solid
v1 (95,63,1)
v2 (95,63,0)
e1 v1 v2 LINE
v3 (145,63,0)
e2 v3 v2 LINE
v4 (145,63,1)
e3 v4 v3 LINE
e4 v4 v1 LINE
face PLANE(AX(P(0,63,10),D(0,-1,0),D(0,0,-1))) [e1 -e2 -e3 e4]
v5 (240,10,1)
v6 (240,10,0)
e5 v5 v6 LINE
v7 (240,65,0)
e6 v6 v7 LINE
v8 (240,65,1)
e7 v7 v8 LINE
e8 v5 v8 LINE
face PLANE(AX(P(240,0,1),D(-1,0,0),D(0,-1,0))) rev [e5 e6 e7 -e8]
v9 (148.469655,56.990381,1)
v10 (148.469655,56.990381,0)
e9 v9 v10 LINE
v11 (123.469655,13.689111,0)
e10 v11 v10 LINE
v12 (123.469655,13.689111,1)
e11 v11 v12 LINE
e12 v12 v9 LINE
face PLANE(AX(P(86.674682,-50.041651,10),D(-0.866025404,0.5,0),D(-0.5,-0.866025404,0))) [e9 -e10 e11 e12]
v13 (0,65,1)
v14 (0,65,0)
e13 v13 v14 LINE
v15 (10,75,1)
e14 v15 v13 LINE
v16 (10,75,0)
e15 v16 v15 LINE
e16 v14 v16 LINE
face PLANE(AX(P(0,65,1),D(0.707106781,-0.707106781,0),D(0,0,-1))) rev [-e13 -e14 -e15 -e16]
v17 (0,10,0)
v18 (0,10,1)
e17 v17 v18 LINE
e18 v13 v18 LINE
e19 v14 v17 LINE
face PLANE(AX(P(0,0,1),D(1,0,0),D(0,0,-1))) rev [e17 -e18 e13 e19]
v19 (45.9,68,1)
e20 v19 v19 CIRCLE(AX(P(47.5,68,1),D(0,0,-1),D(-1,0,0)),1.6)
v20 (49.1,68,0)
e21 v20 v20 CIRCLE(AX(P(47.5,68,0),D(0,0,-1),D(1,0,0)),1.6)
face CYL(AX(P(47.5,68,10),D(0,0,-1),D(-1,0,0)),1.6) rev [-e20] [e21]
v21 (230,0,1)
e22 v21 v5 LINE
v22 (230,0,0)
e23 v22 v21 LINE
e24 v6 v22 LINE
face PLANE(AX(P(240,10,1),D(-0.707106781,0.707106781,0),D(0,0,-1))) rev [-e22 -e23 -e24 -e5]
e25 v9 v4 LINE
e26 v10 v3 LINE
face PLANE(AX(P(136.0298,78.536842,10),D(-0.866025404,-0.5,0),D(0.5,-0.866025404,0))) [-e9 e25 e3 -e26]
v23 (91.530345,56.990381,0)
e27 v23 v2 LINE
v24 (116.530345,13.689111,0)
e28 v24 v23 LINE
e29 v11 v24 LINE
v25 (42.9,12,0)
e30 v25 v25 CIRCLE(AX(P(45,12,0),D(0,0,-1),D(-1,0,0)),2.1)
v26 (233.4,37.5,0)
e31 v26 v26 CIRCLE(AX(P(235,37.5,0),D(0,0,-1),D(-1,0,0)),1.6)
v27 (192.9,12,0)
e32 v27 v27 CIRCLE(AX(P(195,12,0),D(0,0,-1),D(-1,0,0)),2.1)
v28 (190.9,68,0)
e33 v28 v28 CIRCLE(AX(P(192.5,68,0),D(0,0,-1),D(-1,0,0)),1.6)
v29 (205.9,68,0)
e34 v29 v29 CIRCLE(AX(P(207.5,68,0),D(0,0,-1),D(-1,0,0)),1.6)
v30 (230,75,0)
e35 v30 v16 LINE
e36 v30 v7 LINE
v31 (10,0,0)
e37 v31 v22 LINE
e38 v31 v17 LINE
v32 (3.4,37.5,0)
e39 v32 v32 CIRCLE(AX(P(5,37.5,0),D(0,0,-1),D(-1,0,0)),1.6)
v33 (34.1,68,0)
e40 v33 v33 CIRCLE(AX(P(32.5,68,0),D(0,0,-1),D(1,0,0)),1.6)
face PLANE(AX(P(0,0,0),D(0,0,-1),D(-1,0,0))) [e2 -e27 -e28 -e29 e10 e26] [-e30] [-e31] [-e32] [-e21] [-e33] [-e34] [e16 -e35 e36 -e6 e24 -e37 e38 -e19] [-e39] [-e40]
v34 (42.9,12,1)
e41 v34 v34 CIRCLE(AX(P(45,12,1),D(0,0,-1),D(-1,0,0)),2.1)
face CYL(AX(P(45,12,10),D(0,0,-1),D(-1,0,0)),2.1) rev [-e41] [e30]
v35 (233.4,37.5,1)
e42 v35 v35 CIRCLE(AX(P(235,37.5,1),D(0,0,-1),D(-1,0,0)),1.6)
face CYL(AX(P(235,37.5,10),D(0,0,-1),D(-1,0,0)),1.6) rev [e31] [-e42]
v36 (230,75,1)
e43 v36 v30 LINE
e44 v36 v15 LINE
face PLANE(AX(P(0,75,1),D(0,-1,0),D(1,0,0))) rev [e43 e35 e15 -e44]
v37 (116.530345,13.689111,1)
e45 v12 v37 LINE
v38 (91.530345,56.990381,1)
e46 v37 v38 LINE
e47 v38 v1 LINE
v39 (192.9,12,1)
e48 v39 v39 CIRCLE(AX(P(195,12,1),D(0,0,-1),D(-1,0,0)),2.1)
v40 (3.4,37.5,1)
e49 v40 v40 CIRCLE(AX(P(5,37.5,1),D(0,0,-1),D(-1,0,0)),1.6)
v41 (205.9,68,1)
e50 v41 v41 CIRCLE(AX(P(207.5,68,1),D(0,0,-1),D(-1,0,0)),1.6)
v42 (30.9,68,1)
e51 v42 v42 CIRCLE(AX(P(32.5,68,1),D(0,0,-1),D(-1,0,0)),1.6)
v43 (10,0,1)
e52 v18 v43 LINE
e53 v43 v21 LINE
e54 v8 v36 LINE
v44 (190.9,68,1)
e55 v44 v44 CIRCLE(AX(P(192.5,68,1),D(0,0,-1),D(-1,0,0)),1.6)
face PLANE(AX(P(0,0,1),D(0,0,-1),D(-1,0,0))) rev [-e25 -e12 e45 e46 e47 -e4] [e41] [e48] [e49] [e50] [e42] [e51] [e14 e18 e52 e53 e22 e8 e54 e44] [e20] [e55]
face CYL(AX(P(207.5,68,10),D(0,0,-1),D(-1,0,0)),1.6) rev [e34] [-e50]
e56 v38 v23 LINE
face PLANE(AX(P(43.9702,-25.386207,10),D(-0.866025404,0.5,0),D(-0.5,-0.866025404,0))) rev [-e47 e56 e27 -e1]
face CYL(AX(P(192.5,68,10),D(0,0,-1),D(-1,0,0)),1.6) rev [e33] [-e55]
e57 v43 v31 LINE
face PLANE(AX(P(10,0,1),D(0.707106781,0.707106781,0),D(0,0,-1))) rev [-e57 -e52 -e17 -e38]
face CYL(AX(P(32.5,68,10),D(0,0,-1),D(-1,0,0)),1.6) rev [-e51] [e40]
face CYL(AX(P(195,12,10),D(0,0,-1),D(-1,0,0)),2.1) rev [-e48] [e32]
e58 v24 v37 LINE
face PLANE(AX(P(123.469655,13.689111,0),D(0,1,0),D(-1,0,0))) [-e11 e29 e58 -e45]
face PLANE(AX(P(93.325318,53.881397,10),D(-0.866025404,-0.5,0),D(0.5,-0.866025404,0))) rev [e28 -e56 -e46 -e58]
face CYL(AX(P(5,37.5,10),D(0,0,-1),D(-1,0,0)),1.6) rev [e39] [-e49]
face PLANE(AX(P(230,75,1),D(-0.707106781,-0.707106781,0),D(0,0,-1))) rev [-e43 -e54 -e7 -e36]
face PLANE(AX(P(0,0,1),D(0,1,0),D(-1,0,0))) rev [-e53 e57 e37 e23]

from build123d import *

# Parameters (mm, degrees)
SKETCH_1_W          = 240
SKETCH_1_H          = 75
EXTRUDE_1_DEPTH     = 1
CHAMFER_1_SIZE      = 10
CUT_EXTRUDE_2_DEPTH = 10
SKETCH_4_R          = 2.1
SKETCH_4_R_2        = 1.6
CUT_EXTRUDE_3_DEPTH = 10
EXTRUDE_2_DEPTH     = 1


with BuildPart() as part:
    # 草图1 → 凸台-拉伸1 (new body)
    with BuildSketch(Plane.XY):
        with Locations((120, 37.5)):
            Rectangle(SKETCH_1_W, SKETCH_1_H)
    extrude(amount=EXTRUDE_1_DEPTH)

    # 倒角1
    chamfer_1_edges = [part.edges().sort_by_distance(p)[0] for p in [
        (0, 75, 0.5),
        (240, 75, 0.5),
        (240, 0, 0.5),
        (0, 0, 0.5),
    ]]
    chamfer(chamfer_1_edges, length=CHAMFER_1_SIZE)

    # 草图3 → 切除-拉伸2 (cut)
    with BuildSketch(Plane(origin=(0, 0, 0), x_dir=(-1, 0, 0), z_dir=(0, 0, -1))):
        Polygon((-148.469655115, 56.990381057), (-135, 33.660254038), (-130, 42.320508076), (-110, 42.320508076), (-105, 33.660254038), (-91.530344885, 56.990381057), (-95, 63), (-145, 63), align=None)
        Polygon((-130, 7.679491924), (-110, 7.679491924), (-100, 25), (-110, 42.320508076), (-130, 42.320508076), (-140, 25), align=None)
    extrude(amount=-CUT_EXTRUDE_2_DEPTH, mode=Mode.SUBTRACT)

    # 草图4 → 切除-拉伸3 (cut)
    with BuildSketch(Plane(origin=(0, 0, 0), x_dir=(-1, 0, 0), z_dir=(0, 0, -1))):
        with Locations((-195, 12)):
            Circle(SKETCH_4_R)
        with Locations((-45, 12)):
            Circle(SKETCH_4_R)
        with Locations((-207.5, 68)):
            Circle(SKETCH_4_R_2)
        with Locations((-192.5, 68)):
            Circle(SKETCH_4_R_2)
        with Locations((-47.5, 68)):
            Circle(SKETCH_4_R_2)
        with Locations((-32.5, 68)):
            Circle(SKETCH_4_R_2)
        with Locations((-235, 37.5)):
            Circle(SKETCH_4_R_2)
        with Locations((-5, 37.5)):
            Circle(SKETCH_4_R_2)
    extrude(amount=-CUT_EXTRUDE_3_DEPTH, mode=Mode.SUBTRACT)

    # 草图5 → 凸台-拉伸2 (add)
    with BuildSketch(Plane.XY.offset(1)):
        Polygon((135, 33.660254038), (123.469655115, 13.689110868), (116.530344885, 13.689110868), (105, 33.660254038), (100, 25), (110, 7.679491924), (130, 7.679491924), (140, 25), align=None)
    extrude(amount=-EXTRUDE_2_DEPTH)


solid = part.part
